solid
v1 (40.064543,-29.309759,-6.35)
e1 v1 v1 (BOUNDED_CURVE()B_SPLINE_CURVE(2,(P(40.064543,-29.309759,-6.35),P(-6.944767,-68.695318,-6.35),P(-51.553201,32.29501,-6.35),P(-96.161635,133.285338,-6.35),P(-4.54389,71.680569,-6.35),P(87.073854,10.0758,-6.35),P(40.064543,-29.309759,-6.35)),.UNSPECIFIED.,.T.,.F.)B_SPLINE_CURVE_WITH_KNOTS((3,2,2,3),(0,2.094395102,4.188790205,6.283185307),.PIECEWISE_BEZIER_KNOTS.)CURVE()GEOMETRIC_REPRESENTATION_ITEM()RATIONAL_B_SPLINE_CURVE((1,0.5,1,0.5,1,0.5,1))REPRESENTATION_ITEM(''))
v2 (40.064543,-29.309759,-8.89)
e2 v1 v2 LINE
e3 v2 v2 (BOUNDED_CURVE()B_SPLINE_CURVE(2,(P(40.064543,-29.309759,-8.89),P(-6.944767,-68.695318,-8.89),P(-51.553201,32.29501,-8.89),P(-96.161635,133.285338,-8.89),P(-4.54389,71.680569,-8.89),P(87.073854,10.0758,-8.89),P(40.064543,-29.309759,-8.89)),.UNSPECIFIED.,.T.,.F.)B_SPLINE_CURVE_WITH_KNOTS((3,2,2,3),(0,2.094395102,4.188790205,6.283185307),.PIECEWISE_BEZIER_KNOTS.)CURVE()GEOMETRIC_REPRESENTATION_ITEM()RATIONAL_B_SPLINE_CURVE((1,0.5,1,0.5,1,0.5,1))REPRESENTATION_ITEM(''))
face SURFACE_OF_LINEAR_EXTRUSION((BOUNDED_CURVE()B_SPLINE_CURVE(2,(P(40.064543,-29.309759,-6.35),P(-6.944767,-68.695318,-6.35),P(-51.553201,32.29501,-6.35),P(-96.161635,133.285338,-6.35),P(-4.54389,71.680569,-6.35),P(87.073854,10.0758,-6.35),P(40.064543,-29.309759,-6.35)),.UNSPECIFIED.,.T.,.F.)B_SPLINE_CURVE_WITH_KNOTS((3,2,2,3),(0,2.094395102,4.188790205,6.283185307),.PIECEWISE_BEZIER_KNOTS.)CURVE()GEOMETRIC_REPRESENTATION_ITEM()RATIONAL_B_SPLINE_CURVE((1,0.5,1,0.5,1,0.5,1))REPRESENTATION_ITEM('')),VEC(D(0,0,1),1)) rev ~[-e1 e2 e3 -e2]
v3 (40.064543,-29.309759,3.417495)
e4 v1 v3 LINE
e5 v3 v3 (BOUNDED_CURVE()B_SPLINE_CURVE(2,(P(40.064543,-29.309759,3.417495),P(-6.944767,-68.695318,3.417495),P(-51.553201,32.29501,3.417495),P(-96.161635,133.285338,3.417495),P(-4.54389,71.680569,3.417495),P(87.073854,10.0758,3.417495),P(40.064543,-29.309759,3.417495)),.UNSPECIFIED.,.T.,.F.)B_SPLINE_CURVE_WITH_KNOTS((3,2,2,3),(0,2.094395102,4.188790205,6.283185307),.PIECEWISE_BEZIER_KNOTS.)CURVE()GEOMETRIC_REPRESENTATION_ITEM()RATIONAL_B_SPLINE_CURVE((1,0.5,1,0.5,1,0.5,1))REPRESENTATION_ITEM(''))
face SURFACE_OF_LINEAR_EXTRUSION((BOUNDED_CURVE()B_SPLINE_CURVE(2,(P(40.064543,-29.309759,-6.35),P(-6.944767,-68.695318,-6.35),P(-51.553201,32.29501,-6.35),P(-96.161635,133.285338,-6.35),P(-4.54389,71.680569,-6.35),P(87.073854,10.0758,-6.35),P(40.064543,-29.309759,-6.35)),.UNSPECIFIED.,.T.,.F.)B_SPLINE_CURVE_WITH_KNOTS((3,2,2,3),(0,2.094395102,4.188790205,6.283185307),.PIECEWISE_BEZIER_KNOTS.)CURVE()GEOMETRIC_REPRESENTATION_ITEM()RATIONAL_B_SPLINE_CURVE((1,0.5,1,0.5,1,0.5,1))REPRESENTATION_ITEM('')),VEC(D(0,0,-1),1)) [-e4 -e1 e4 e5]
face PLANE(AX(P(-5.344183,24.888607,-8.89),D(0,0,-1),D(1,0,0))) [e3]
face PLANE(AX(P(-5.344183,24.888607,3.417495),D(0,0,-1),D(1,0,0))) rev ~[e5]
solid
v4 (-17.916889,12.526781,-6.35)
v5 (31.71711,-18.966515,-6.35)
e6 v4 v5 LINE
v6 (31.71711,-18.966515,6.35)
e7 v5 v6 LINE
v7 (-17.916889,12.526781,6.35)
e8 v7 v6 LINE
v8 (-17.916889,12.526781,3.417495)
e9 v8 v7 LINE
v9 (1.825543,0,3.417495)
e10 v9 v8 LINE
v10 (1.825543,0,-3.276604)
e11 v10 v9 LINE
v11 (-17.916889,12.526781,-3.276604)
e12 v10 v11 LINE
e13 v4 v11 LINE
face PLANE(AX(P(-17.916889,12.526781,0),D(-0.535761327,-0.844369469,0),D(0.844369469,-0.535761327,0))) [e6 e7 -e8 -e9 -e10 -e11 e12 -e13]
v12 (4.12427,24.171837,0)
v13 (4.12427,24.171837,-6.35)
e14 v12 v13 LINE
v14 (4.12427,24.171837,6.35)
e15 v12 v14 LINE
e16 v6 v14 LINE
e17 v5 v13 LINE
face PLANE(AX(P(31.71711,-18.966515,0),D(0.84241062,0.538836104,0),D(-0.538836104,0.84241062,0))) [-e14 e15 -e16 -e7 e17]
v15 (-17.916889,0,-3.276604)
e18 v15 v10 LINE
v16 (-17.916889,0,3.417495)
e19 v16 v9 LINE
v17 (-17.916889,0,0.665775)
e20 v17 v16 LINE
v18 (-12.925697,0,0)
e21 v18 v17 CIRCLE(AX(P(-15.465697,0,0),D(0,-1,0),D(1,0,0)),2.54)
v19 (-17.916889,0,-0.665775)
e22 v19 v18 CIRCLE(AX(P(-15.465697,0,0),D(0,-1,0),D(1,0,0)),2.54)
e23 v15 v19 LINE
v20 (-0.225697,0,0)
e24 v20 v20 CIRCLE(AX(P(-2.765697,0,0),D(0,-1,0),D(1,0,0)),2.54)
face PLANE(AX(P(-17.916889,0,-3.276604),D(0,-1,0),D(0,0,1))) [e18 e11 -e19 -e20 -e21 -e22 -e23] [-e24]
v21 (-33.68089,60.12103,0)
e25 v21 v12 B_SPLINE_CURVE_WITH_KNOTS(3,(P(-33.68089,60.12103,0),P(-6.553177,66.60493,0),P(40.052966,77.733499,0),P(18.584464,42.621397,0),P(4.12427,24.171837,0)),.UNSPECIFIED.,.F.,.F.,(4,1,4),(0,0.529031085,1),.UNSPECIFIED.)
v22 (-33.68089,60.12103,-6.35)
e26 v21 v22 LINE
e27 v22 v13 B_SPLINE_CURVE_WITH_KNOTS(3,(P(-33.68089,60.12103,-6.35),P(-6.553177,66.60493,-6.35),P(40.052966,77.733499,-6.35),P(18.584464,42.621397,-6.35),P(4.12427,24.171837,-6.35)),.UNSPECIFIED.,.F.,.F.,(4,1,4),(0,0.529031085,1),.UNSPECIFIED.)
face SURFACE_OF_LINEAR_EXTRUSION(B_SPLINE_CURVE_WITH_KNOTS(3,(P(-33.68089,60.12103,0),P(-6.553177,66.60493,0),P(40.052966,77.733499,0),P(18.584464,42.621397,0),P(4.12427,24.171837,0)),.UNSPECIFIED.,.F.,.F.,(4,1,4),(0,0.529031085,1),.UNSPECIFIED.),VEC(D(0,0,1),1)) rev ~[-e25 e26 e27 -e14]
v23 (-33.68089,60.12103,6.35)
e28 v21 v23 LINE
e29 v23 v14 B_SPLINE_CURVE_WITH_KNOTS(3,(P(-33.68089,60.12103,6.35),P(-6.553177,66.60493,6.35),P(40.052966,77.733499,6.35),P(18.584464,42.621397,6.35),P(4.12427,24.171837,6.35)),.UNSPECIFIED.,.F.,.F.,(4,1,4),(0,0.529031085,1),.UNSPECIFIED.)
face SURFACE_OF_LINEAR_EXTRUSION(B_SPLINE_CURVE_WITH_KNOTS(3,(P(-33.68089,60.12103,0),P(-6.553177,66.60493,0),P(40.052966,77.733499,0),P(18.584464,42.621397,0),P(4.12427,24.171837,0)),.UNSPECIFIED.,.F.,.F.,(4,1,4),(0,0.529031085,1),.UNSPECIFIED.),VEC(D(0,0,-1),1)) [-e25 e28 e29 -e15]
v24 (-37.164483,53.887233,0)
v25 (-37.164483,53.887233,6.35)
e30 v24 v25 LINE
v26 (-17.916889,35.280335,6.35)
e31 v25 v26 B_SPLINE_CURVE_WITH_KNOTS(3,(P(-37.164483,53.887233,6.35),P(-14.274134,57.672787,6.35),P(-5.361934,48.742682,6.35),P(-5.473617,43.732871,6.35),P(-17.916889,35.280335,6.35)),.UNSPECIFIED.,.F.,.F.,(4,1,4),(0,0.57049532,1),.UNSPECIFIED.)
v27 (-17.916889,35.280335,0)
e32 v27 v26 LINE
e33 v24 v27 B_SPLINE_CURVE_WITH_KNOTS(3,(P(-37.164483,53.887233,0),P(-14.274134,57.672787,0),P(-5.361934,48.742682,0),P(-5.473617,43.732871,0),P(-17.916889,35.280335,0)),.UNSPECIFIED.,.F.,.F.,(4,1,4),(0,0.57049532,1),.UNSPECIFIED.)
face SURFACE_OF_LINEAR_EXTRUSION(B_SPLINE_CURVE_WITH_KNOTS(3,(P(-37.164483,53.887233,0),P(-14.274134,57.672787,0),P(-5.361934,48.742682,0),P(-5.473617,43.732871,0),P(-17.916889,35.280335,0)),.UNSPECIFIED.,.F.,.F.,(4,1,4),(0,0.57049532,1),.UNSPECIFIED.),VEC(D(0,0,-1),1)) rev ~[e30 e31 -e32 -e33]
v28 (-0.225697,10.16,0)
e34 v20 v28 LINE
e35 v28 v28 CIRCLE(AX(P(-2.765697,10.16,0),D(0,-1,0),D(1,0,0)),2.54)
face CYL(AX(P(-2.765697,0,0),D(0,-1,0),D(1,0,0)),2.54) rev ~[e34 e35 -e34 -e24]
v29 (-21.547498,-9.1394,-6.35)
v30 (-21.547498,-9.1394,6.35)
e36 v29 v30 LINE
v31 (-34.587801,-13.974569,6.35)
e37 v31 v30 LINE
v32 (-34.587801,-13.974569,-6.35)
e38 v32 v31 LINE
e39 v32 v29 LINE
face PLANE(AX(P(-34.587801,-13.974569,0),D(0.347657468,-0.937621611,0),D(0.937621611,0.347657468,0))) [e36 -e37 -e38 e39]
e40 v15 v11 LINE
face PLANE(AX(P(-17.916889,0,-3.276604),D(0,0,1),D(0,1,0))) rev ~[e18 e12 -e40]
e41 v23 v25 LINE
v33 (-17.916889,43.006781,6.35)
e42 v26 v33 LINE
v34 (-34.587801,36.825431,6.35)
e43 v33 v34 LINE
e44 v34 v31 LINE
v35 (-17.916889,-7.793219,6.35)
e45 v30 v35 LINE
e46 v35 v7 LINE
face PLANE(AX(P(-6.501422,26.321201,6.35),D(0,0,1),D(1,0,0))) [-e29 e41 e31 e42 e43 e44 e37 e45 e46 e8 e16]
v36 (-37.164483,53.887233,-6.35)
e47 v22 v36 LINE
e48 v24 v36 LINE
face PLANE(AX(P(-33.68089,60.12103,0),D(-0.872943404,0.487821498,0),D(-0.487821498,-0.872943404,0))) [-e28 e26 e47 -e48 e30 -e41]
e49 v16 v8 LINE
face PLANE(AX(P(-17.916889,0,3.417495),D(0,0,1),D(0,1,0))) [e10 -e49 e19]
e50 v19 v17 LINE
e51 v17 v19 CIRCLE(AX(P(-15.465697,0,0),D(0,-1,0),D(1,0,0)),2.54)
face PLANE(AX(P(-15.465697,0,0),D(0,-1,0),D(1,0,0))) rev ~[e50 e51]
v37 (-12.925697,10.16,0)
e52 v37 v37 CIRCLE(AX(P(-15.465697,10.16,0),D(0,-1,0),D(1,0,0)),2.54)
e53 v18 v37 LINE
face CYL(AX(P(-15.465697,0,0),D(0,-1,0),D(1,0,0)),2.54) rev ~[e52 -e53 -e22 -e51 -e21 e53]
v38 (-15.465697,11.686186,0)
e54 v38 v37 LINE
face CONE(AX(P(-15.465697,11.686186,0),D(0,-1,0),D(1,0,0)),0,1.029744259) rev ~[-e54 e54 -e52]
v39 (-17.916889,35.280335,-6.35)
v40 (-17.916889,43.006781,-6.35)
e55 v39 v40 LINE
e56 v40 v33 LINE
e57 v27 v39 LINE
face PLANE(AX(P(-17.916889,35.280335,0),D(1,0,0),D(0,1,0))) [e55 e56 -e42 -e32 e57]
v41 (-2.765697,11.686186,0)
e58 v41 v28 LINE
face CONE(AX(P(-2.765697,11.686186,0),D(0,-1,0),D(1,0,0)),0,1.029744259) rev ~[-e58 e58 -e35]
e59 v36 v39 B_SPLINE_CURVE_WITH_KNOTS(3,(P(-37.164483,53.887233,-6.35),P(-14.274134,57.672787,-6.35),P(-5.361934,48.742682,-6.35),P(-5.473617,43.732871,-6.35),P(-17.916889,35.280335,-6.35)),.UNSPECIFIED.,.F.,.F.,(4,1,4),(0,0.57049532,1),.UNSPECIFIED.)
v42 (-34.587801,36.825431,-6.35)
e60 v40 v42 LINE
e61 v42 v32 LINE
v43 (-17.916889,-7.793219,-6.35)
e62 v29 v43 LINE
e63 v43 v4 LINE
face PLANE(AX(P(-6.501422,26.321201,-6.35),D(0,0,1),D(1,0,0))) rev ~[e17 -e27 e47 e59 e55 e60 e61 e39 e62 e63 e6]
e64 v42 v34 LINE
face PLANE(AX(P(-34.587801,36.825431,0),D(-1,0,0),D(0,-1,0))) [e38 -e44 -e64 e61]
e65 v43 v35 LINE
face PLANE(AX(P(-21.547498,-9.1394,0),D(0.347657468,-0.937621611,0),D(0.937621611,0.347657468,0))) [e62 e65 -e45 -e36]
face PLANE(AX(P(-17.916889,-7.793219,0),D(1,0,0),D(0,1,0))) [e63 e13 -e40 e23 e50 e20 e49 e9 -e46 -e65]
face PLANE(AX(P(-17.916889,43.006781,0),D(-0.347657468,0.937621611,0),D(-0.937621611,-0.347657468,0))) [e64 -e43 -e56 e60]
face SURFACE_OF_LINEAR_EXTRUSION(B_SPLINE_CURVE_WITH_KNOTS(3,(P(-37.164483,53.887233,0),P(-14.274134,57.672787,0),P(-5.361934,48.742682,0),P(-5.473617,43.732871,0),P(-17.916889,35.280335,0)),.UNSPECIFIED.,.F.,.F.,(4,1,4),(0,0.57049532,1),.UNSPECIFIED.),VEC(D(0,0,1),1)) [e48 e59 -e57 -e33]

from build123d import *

# Parameters (mm, degrees)
F1_DEPTH      = 6.35
F2_W          = 12.5267811433
F2_H          = 6.6940990378
F3_DEPTH      = 25.4
F5_D          = 5.08
F5_DEPTH      = 10.16
F5_TIP        = 1.5261859723
F7_DEPTH      = 9.7674950429
F7_DEPTH_BACK = 2.54


with BuildPart() as f1:
    # F0 (on Top) → F1 (new body, symmetric)
    with BuildSketch(Plane.XY):
        with BuildLine():
            Line((-17.9168890682, 35.2803353885), (-17.9168890682, 43.0067811433))
            Line((-17.9168890682, 43.0067811433), (-34.5878013041, 36.8254313535))
            Line((-34.5878013041, 36.8254313535), (-34.5878013041, -13.9745686465))
            Line((-34.5878013041, -13.9745686465), (-21.5474975695, -9.1393996042))
            add(Edge.make_bspline(
                [(-21.5474975695, -9.1393996042), (-19.7330818497, -8.0838074711), (-17.9168890682, -6.9857855037)],
                knots=[4.4107278118, 4.4107278118, 4.4107278118, 4.4549683804, 4.4549683804, 4.4549683804], degree=2, weights=[1, 0.9997553565, 1]))
            Line((-17.9168890682, -6.9857855037), (-17.9168890682, 12.5267811433))
            Line((-17.9168890682, 12.5267811433), (31.7171104252, -18.9665146172))
            Line((31.7171104252, -18.9665146172), (4.1242704695, 24.1718371372))
            add(Edge.make_bspline(
                [(-33.6808897555, 60.1210296154), (-6.55317698, 66.6049300525), (40.0529664799, 77.7334993164), (18.5844638903, 42.6213974887), (4.1242704695, 24.1718371372)],
                knots=[0, 0, 0, 0, 0.5290310849, 1, 1, 1, 1], degree=3))
            Line((-33.6808897555, 60.1210296154), (-37.1644832194, 53.8872331381))
            add(Edge.make_bspline(
                [(-37.1644832194, 53.8872331381), (-14.27413428, 57.6727865008), (-5.3619340702, 48.7426815259), (-5.4736165924, 43.7328712908), (-17.9168890682, 35.2803353885)],
                knots=[0, 0, 0, 0, 0.5704953204, 1, 1, 1, 1], degree=3))
        make_face()
        with BuildLine():
            add(Edge.make_bspline(
                [(-21.5474975695, -9.1393996042), (-19.7330818497, -8.0838074711), (-17.9168890682, -6.9857855037)],
                knots=[4.4107278118, 4.4107278118, 4.4107278118, 4.4549683804, 4.4549683804, 4.4549683804], degree=2, weights=[1, 0.9997553565, 1]))
            Line((-21.5474975695, -9.1393996042), (-17.9168890682, -7.7932188567))
            Line((-17.9168890682, -7.7932188567), (-17.9168890682, -6.9857855037))
        make_face()
    extrude(amount=F1_DEPTH, both=True)

    # F2 (on face) → F3 (join)
    with BuildSketch(Plane.YZ.offset(-17.9168890682)):
        with Locations((6.2633905717, 0.070445524)):
            Rectangle(F2_W, F2_H)
    extrude(amount=F3_DEPTH)

    # F5 (one way)
    with BuildSketch(Plane.XZ):
        with Locations((-15.4656967063, 0), (-2.7656967063, 0)):
            Circle(F5_D / 2)
    extrude(amount=-F5_DEPTH, mode=Mode.SUBTRACT)
    with Locations(Plane.XZ):
        with Locations((-15.4656967063, 0), (-2.7656967063, 0)):
            with Locations((0, 0, -(F5_DEPTH + F5_TIP / 2))):  # 118° drill point
                Cone(0, F5_D / 2, F5_TIP, mode=Mode.SUBTRACT)


with BuildPart() as f7:
    # F6 (on face) → F7 (new body, two sides)
    with BuildSketch(Plane(origin=(0, 0, -6.35), x_dir=(1, 0, 0), z_dir=(0, 0, -1))) as f7_sk:
        with BuildLine():
            add(Edge.make_bspline(
                [(40.0645434856, 29.3097589165), (-6.9447672217, 68.6953177433), (-51.5532011743, -32.2950101579), (-96.1616351269, -133.2853380591), (-4.543890467, -71.6805689847), (87.073854193, -10.0757999103), (40.0645434856, 29.3097589165)],
                knots=[0, 0, 0, 2.0943951024, 2.0943951024, 4.1887902048, 4.1887902048, 6.2831853072, 6.2831853072, 6.2831853072], degree=2, weights=[1, 0.5, 1, 0.5, 1, 0.5, 1]))
        make_face()
    extrude(amount=-F7_DEPTH)
    extrude(f7_sk.sketch, amount=F7_DEPTH_BACK)


solid = Compound([f1.part, f7.part])
